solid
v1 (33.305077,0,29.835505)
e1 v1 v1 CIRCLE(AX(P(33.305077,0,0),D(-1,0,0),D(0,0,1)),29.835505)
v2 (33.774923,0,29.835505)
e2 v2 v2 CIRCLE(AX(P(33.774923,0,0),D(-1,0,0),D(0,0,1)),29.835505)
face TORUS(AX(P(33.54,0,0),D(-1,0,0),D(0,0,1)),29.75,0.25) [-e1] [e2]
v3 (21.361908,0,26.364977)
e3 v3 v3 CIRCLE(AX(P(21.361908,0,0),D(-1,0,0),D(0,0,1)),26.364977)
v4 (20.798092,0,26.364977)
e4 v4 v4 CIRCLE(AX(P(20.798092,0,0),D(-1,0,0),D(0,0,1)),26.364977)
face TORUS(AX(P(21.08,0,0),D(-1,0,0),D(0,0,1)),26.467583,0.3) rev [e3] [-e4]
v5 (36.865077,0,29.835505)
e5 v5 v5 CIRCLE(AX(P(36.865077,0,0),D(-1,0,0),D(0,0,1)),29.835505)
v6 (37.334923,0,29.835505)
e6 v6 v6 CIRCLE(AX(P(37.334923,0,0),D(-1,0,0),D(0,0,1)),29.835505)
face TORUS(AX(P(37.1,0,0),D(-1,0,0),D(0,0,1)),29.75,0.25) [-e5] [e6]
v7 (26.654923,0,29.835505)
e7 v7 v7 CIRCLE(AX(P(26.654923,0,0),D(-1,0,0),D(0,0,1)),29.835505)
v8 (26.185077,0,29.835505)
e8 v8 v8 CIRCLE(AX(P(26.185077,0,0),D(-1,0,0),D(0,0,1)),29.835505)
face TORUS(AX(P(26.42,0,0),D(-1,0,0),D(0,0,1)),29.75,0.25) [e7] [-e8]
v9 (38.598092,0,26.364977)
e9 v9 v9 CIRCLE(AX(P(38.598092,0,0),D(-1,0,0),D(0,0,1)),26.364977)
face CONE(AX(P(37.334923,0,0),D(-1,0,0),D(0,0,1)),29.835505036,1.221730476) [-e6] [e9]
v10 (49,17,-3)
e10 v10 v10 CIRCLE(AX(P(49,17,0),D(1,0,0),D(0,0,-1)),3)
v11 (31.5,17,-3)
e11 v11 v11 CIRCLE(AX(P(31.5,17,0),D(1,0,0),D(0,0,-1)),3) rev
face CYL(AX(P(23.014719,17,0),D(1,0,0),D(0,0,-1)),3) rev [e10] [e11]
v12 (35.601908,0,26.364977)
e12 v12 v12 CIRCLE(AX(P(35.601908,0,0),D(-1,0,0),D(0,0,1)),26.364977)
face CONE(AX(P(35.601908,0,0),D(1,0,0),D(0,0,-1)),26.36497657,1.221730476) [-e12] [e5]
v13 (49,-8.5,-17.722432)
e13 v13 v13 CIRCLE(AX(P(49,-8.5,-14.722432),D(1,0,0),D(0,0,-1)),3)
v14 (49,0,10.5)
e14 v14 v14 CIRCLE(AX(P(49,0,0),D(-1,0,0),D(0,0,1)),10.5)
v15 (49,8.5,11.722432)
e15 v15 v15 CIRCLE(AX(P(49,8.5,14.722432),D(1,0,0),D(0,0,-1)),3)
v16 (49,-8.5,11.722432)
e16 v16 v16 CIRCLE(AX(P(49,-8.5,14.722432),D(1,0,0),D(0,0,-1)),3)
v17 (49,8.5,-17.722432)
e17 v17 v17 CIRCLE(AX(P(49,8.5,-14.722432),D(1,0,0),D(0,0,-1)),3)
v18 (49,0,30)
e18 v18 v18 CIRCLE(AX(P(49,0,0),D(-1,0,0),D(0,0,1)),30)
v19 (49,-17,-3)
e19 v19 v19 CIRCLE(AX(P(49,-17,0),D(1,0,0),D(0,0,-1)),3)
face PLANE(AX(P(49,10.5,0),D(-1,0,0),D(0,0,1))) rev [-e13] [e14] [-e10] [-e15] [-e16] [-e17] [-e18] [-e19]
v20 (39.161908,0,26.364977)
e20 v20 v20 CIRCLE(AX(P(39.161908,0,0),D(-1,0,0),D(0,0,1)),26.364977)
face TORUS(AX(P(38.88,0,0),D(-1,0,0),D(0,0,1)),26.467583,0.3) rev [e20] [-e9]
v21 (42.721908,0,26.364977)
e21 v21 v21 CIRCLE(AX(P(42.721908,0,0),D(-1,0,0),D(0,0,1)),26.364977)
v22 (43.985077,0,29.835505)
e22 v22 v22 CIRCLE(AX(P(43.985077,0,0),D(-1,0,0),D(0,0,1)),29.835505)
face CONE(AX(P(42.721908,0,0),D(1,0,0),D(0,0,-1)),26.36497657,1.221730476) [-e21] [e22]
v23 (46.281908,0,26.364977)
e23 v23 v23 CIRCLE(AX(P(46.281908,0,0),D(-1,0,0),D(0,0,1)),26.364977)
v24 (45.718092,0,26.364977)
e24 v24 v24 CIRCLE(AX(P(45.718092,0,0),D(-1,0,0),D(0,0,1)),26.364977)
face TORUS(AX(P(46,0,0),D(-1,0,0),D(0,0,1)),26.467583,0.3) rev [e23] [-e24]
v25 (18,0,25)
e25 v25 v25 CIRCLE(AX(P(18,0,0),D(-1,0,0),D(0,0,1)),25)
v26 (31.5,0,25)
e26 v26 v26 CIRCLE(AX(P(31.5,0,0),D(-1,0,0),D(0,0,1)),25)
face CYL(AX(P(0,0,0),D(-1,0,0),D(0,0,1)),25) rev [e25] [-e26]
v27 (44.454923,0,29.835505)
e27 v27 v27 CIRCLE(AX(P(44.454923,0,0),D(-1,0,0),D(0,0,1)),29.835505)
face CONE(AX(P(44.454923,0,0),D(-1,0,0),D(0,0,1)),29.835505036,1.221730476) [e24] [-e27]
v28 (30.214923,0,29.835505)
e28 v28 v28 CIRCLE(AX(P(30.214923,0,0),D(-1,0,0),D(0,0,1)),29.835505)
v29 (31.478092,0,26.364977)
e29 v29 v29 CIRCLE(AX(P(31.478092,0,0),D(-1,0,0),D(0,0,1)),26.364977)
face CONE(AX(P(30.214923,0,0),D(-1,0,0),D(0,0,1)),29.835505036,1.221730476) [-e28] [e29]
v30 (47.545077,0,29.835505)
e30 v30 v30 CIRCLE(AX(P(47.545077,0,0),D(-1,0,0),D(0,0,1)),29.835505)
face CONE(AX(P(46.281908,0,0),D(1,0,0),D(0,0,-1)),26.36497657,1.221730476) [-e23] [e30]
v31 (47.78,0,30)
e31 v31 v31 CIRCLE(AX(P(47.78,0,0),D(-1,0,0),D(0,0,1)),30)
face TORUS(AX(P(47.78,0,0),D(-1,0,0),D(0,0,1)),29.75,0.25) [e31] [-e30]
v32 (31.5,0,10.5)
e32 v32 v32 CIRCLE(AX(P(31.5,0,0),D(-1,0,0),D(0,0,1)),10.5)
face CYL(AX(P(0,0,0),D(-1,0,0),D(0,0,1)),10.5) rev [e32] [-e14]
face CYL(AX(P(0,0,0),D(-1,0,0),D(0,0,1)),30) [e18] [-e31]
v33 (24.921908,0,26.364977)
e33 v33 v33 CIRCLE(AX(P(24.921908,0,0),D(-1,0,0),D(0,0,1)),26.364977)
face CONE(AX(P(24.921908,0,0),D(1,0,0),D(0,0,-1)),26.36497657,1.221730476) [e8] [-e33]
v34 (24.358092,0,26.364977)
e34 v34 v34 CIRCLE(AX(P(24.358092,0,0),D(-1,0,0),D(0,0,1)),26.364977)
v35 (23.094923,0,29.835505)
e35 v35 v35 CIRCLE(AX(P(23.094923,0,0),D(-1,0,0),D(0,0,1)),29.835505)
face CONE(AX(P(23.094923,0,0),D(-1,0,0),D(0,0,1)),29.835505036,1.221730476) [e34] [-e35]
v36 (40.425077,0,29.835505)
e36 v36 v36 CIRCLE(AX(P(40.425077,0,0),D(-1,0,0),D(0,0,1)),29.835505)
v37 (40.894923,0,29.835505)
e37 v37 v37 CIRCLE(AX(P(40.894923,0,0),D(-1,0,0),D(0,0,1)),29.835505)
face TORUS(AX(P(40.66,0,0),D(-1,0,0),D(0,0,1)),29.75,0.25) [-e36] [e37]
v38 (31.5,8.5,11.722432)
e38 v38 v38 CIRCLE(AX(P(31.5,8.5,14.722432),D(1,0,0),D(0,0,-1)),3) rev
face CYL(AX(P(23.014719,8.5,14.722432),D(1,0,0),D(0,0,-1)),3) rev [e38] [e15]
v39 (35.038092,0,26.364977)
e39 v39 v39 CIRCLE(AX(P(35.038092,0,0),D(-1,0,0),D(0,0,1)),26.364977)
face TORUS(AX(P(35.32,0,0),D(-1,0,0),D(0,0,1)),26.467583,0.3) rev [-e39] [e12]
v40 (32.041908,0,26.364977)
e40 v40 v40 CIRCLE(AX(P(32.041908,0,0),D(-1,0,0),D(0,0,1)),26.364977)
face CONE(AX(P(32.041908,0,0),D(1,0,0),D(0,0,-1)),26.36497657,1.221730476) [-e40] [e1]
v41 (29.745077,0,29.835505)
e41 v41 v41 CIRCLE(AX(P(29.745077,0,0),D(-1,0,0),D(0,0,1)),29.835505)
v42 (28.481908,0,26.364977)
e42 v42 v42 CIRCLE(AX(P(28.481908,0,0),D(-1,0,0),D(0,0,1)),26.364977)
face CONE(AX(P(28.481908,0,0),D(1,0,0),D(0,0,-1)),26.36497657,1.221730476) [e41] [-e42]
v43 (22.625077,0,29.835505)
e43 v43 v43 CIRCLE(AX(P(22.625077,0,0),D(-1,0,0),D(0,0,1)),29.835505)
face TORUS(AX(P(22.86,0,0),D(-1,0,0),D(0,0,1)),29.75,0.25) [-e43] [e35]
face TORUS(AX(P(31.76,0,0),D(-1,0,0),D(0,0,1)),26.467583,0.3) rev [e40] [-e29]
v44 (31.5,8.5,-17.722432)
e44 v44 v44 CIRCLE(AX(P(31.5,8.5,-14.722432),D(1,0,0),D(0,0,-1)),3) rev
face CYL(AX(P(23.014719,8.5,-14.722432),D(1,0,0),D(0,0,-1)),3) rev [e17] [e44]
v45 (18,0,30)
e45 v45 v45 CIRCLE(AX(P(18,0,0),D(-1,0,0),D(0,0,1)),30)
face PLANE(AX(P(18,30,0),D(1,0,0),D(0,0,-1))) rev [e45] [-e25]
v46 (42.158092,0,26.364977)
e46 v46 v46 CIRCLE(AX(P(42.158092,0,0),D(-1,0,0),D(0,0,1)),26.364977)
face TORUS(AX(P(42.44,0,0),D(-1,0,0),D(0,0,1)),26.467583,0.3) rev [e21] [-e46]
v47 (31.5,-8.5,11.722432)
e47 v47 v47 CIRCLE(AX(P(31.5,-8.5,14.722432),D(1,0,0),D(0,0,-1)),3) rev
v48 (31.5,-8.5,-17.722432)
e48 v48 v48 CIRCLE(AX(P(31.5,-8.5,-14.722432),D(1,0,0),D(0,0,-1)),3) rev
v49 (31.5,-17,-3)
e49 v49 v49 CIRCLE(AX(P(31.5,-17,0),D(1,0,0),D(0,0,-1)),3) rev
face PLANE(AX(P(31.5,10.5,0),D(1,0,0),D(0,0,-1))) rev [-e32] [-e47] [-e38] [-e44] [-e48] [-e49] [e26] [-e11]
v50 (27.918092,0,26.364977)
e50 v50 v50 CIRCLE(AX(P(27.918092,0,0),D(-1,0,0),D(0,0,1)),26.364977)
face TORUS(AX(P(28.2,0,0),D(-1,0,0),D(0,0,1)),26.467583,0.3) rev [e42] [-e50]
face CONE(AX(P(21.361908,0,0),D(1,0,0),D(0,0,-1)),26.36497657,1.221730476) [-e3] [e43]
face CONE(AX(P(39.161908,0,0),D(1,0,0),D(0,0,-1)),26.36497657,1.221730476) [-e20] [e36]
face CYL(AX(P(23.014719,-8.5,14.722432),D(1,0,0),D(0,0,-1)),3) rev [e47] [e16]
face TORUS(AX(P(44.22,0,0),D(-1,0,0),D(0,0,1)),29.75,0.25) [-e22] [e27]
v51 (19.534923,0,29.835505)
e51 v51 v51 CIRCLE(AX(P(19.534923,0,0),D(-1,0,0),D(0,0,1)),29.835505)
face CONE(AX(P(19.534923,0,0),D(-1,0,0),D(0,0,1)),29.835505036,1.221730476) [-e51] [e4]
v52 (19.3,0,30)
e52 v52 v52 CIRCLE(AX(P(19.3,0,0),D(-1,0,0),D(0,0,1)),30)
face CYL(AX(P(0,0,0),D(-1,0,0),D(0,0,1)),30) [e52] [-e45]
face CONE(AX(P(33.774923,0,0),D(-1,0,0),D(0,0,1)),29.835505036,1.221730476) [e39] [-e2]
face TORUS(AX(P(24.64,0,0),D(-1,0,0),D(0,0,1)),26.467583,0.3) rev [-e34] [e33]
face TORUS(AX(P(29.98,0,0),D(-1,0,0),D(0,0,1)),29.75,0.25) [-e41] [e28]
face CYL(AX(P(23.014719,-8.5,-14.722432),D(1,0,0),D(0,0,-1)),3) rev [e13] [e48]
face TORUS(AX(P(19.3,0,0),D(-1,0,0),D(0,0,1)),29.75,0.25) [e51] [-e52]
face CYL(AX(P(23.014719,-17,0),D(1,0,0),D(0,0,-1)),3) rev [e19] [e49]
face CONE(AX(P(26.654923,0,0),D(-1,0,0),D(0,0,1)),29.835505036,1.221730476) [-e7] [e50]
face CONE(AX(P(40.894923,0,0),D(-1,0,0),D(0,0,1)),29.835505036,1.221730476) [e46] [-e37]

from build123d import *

# Parameters (mm, degrees)
LPATTERN1_COUNT    = 8
LPATTERN1_PITCH    = 3.56
SKETCH3_R          = 3
CUT_EXTRUDE1_DEPTH = 17.5


with BuildPart() as part:
    # Sketch1 → Revolve1 (revolve)
    with BuildSketch(Plane.XY, mode=Mode.PRIVATE) as revolve1_sk:
        Polygon((49, 10.5), (49, 30), (18, 30), (18, 25), (31.5, 25), (31.5, 10.5), align=None)
    revolve(revolve1_sk.sketch.rotate(Axis((0, 0, 0), (1, 0, 0)), 90), axis=Axis((0, 0, 0), (1, 0, 0)))

    # Sketch2 → Cut-Revolve1 (revolve, cut)
    with BuildSketch(Plane.XY, mode=Mode.PRIVATE) as cut_revolve1_sk:
        with BuildLine():
            Line((47.545076845, 29.835505036), (46.281907786, 26.36497657))
            ThreePointArc((46.281907786, 26.36497657), (46, 26.167582613), (45.718092214, 26.36497657))
            Line((45.718092214, 26.36497657), (44.454923155, 29.835505036))
            ThreePointArc((44.454923155, 29.835505036), (44.363394109, 29.954788011), (44.22, 30))
            Line((44.22, 30), (47.78, 30))
            ThreePointArc((47.78, 30), (47.636605891, 29.954788011), (47.545076845, 29.835505036))
        make_face()
    cut_revolve1 = revolve(cut_revolve1_sk.sketch.rotate(Axis((0, 0, 0), (1, 0, 0)), 90), axis=Axis((0, 0, 0), (1, 0, 0)), mode=Mode.SUBTRACT)

    # LPattern1: Cut-Revolve1 ×8
    with Locations(*[(-i * LPATTERN1_PITCH, 0, 0) for i in range(1, LPATTERN1_COUNT)]):
        add(cut_revolve1, mode=Mode.SUBTRACT)

    # Sketch3 → Cut-Extrude1 (cut)
    with BuildSketch(Plane(origin=(49, 0, 0), x_dir=(0, 0, -1), z_dir=(1, 0, 0))):
        with Locations((0, 17)):
            Circle(SKETCH3_R)
        with Locations((14.722431864, 8.5)):
            Circle(SKETCH3_R)
        with Locations((14.722431864, -8.5)):
            Circle(SKETCH3_R)
        with Locations((0, -17)):
            Circle(SKETCH3_R)
        with Locations((-14.722431864, -8.5)):
            Circle(SKETCH3_R)
        with Locations((-14.722431864, 8.5)):
            Circle(SKETCH3_R)
    extrude(amount=-CUT_EXTRUDE1_DEPTH, mode=Mode.SUBTRACT)


solid = part.part
